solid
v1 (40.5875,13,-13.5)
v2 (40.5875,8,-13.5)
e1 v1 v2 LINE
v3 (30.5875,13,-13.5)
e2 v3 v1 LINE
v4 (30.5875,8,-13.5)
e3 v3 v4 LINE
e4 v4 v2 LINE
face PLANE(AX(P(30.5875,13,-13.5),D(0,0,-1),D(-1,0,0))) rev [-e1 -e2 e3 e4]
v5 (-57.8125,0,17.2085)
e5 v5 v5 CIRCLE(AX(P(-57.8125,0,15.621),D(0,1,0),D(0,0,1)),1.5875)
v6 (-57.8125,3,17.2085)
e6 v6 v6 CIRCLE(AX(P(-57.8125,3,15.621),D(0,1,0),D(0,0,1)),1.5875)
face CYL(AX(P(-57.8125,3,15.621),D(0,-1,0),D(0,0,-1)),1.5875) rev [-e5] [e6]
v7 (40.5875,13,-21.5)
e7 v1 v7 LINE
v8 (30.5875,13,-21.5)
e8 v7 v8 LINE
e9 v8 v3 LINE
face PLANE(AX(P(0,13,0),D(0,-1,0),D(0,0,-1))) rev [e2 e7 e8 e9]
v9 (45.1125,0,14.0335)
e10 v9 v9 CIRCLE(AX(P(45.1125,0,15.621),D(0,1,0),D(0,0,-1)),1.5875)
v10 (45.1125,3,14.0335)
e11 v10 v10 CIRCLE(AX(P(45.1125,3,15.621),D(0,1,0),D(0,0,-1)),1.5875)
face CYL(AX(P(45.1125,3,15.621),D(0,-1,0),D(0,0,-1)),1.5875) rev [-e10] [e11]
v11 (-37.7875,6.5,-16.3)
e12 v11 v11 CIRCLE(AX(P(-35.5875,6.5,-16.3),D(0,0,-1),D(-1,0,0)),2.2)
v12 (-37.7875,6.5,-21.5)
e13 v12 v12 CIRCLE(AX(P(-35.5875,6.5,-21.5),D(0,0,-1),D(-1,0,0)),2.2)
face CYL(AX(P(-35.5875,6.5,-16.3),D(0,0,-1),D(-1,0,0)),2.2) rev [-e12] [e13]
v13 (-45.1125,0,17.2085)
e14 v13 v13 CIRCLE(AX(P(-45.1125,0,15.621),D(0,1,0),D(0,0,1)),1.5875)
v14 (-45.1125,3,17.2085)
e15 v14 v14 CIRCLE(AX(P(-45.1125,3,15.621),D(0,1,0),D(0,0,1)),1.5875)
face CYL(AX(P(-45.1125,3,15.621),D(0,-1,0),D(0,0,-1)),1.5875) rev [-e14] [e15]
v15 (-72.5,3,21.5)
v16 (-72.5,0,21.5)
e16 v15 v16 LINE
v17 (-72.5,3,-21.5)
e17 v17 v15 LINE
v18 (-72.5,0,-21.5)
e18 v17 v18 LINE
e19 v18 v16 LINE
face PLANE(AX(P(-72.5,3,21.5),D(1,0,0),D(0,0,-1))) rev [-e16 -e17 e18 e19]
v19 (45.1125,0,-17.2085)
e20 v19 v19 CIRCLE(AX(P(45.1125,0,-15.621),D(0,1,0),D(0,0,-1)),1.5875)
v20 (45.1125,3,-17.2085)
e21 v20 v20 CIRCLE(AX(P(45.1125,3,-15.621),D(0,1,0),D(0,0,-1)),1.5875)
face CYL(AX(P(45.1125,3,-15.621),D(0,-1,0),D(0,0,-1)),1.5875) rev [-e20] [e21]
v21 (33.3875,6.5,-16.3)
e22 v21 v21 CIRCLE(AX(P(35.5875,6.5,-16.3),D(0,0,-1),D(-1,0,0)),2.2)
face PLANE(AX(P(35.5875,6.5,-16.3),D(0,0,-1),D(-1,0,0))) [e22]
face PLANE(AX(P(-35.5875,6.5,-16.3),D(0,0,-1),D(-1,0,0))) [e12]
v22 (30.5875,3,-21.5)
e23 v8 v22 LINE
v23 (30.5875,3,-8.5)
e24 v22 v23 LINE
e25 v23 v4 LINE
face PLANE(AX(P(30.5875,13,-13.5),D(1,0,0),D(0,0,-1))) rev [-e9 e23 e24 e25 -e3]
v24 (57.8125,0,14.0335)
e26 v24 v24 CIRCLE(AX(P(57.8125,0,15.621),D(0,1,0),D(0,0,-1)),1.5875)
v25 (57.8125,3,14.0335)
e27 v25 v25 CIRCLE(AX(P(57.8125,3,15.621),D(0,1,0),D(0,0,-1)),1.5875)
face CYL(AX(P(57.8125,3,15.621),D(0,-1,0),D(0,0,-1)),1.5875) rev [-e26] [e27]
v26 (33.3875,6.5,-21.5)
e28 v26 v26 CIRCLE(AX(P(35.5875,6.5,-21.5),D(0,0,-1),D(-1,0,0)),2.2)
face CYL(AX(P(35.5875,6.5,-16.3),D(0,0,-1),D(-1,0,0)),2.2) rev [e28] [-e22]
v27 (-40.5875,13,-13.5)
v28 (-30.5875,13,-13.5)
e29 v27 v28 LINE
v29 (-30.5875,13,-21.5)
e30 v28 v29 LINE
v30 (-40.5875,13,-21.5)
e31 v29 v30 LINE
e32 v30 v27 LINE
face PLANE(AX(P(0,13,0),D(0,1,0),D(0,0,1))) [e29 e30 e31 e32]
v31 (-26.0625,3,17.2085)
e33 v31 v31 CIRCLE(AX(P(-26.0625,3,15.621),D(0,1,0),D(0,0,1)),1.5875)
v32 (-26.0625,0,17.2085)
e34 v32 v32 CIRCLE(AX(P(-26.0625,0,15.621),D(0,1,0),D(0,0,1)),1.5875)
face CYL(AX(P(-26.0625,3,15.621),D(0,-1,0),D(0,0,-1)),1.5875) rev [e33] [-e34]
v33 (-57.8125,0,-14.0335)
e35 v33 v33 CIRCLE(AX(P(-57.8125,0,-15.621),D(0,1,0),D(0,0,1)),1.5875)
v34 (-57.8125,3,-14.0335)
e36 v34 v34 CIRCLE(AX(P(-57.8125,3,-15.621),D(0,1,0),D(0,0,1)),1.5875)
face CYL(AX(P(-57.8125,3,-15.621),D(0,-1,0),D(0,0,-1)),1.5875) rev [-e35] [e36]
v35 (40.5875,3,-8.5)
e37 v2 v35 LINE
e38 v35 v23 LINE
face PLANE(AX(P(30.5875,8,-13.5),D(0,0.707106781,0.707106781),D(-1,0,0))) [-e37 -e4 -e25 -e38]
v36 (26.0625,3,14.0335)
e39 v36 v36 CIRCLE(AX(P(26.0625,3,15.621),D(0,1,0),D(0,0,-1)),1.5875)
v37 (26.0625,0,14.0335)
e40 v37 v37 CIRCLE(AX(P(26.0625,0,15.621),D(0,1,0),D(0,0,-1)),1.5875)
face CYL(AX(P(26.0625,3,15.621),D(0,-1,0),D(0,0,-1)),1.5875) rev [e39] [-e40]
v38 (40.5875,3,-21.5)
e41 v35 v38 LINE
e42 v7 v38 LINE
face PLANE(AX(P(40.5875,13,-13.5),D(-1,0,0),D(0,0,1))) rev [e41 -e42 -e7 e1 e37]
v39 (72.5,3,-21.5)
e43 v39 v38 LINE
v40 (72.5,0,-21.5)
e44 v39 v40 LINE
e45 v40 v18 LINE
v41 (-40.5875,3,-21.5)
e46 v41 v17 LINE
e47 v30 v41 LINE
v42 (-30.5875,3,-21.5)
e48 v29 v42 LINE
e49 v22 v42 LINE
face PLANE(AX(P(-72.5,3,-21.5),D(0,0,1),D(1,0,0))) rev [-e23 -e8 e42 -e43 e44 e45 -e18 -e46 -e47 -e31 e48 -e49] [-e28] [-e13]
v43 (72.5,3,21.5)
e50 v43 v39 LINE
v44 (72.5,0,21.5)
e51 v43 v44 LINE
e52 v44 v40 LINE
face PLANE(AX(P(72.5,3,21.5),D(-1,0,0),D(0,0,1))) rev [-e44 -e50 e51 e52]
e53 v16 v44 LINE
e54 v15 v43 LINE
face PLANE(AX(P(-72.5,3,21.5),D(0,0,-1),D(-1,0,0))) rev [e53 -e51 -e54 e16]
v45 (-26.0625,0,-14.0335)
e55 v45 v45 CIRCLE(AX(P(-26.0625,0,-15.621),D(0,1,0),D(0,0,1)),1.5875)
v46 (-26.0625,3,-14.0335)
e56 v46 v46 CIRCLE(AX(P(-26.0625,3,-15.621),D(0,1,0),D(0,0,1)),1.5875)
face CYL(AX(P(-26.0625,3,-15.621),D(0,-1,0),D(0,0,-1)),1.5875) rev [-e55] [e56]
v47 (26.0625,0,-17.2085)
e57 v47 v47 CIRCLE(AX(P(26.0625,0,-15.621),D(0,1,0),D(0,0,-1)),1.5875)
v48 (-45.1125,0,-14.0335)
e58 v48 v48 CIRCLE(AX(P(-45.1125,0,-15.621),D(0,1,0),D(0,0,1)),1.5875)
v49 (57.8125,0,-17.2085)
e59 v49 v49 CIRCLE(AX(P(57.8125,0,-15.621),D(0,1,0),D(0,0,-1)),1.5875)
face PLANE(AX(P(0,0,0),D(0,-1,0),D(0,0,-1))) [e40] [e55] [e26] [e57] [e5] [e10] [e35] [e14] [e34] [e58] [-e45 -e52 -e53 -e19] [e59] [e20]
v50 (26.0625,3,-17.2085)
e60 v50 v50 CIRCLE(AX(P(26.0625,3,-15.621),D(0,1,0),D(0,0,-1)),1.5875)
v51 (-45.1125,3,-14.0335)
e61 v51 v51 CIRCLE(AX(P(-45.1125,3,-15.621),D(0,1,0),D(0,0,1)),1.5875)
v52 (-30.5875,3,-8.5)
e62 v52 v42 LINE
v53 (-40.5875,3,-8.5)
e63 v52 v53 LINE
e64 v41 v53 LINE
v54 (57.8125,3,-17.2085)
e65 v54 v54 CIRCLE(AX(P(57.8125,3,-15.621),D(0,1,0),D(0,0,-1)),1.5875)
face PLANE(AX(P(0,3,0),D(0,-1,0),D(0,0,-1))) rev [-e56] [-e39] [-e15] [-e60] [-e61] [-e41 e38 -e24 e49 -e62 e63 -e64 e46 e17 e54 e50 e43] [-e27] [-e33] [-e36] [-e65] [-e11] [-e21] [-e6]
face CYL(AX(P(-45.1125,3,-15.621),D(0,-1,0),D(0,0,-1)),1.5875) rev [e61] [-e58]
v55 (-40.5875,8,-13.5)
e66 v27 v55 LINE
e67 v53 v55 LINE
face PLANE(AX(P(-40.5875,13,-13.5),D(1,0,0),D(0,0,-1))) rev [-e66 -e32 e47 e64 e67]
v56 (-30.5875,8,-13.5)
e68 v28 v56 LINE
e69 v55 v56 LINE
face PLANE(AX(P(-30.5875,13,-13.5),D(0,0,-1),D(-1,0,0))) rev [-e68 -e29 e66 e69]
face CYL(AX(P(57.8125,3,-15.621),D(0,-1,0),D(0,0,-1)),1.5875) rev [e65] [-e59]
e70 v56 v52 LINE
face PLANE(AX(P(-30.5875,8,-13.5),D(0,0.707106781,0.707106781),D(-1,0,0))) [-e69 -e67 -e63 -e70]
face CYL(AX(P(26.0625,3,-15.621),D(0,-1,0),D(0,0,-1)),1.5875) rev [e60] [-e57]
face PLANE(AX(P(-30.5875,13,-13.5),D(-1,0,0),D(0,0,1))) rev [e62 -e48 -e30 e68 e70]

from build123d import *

# Parameters (mm, degrees)
SKETCH1_W           = 145
SKETCH1_H           = 43
SKETCH1_R           = 1.5875
BOSS_EXTRUDE1_DEPTH = 3
SKETCH4_W           = 10
SKETCH4_H           = 8
BOSS_EXTRUDE3_DEPTH = 10
CHAMFER2_SIZE       = 5
SKETCH5_R           = 2.2
CUT_EXTRUDE2_DEPTH  = 5.2


with BuildPart() as part:
    # Sketch1 → Boss-Extrude1 (new body)
    with BuildSketch(Plane(origin=(0, 0, 0), x_dir=(1, 0, 0), z_dir=(0, 1, 0))):
        Rectangle(SKETCH1_W, SKETCH1_H)
        with Locations(Location((-57.8125, 15.621, 0), (0, 0, 270))):
            Circle(SKETCH1_R, mode=Mode.SUBTRACT)
        with Locations(Location((-45.1125, 15.621, 0), (0, 0, 270))):
            Circle(SKETCH1_R, mode=Mode.SUBTRACT)
        with Locations(Location((-26.0625, 15.621, 0), (0, 0, 270))):
            Circle(SKETCH1_R, mode=Mode.SUBTRACT)
        with Locations(Location((-26.0625, -15.621, 0), (0, 0, 270))):
            Circle(SKETCH1_R, mode=Mode.SUBTRACT)
        with Locations(Location((-45.1125, -15.621, 0), (0, 0, 270))):
            Circle(SKETCH1_R, mode=Mode.SUBTRACT)
        with Locations(Location((-57.8125, -15.621, 0), (0, 0, 270))):
            Circle(SKETCH1_R, mode=Mode.SUBTRACT)
        with Locations(Location((45.1125, -15.621, 0), (0, 0, 90))):
            Circle(SKETCH1_R, mode=Mode.SUBTRACT)
        with Locations(Location((26.0625, -15.621, 0), (0, 0, 90))):
            Circle(SKETCH1_R, mode=Mode.SUBTRACT)
        with Locations(Location((26.0625, 15.621, 0), (0, 0, 90))):
            Circle(SKETCH1_R, mode=Mode.SUBTRACT)
        with Locations(Location((45.1125, 15.621, 0), (0, 0, 90))):
            Circle(SKETCH1_R, mode=Mode.SUBTRACT)
        with Locations(Location((57.8125, 15.621, 0), (0, 0, 90))):
            Circle(SKETCH1_R, mode=Mode.SUBTRACT)
        with Locations(Location((57.8125, -15.621, 0), (0, 0, 90))):
            Circle(SKETCH1_R, mode=Mode.SUBTRACT)
    extrude(amount=BOSS_EXTRUDE1_DEPTH)

    # Sketch4 → Boss-Extrude3 (add)
    with BuildSketch(Plane(origin=(0, 3, 0), x_dir=(1, 0, 0), z_dir=(0, 1, 0))):
        with Locations((-35.5875, 17.5)):
            Rectangle(SKETCH4_W, SKETCH4_H)
        with Locations((35.5875, 17.5)):
            Rectangle(SKETCH4_W, SKETCH4_H)
    extrude(amount=BOSS_EXTRUDE3_DEPTH)

    # Chamfer2
    chamfer2_edges = [part.edges().sort_by_distance(p)[0] for p in [
        (-35.5875, 3, -13.5),
        (35.5875, 3, -13.5),
    ]]
    chamfer(chamfer2_edges, length=CHAMFER2_SIZE)

    # Sketch5 → Cut-Extrude2 (cut)
    with BuildSketch(Plane(origin=(0, 0, -21.5), x_dir=(-1, 0, 0), z_dir=(0, 0, -1))):
        with Locations((-35.5875, 6.5)):
            Circle(SKETCH5_R)
        with Locations((35.5875, 6.5)):
            Circle(SKETCH5_R)
    extrude(amount=-CUT_EXTRUDE2_DEPTH, mode=Mode.SUBTRACT)


solid = part.part
